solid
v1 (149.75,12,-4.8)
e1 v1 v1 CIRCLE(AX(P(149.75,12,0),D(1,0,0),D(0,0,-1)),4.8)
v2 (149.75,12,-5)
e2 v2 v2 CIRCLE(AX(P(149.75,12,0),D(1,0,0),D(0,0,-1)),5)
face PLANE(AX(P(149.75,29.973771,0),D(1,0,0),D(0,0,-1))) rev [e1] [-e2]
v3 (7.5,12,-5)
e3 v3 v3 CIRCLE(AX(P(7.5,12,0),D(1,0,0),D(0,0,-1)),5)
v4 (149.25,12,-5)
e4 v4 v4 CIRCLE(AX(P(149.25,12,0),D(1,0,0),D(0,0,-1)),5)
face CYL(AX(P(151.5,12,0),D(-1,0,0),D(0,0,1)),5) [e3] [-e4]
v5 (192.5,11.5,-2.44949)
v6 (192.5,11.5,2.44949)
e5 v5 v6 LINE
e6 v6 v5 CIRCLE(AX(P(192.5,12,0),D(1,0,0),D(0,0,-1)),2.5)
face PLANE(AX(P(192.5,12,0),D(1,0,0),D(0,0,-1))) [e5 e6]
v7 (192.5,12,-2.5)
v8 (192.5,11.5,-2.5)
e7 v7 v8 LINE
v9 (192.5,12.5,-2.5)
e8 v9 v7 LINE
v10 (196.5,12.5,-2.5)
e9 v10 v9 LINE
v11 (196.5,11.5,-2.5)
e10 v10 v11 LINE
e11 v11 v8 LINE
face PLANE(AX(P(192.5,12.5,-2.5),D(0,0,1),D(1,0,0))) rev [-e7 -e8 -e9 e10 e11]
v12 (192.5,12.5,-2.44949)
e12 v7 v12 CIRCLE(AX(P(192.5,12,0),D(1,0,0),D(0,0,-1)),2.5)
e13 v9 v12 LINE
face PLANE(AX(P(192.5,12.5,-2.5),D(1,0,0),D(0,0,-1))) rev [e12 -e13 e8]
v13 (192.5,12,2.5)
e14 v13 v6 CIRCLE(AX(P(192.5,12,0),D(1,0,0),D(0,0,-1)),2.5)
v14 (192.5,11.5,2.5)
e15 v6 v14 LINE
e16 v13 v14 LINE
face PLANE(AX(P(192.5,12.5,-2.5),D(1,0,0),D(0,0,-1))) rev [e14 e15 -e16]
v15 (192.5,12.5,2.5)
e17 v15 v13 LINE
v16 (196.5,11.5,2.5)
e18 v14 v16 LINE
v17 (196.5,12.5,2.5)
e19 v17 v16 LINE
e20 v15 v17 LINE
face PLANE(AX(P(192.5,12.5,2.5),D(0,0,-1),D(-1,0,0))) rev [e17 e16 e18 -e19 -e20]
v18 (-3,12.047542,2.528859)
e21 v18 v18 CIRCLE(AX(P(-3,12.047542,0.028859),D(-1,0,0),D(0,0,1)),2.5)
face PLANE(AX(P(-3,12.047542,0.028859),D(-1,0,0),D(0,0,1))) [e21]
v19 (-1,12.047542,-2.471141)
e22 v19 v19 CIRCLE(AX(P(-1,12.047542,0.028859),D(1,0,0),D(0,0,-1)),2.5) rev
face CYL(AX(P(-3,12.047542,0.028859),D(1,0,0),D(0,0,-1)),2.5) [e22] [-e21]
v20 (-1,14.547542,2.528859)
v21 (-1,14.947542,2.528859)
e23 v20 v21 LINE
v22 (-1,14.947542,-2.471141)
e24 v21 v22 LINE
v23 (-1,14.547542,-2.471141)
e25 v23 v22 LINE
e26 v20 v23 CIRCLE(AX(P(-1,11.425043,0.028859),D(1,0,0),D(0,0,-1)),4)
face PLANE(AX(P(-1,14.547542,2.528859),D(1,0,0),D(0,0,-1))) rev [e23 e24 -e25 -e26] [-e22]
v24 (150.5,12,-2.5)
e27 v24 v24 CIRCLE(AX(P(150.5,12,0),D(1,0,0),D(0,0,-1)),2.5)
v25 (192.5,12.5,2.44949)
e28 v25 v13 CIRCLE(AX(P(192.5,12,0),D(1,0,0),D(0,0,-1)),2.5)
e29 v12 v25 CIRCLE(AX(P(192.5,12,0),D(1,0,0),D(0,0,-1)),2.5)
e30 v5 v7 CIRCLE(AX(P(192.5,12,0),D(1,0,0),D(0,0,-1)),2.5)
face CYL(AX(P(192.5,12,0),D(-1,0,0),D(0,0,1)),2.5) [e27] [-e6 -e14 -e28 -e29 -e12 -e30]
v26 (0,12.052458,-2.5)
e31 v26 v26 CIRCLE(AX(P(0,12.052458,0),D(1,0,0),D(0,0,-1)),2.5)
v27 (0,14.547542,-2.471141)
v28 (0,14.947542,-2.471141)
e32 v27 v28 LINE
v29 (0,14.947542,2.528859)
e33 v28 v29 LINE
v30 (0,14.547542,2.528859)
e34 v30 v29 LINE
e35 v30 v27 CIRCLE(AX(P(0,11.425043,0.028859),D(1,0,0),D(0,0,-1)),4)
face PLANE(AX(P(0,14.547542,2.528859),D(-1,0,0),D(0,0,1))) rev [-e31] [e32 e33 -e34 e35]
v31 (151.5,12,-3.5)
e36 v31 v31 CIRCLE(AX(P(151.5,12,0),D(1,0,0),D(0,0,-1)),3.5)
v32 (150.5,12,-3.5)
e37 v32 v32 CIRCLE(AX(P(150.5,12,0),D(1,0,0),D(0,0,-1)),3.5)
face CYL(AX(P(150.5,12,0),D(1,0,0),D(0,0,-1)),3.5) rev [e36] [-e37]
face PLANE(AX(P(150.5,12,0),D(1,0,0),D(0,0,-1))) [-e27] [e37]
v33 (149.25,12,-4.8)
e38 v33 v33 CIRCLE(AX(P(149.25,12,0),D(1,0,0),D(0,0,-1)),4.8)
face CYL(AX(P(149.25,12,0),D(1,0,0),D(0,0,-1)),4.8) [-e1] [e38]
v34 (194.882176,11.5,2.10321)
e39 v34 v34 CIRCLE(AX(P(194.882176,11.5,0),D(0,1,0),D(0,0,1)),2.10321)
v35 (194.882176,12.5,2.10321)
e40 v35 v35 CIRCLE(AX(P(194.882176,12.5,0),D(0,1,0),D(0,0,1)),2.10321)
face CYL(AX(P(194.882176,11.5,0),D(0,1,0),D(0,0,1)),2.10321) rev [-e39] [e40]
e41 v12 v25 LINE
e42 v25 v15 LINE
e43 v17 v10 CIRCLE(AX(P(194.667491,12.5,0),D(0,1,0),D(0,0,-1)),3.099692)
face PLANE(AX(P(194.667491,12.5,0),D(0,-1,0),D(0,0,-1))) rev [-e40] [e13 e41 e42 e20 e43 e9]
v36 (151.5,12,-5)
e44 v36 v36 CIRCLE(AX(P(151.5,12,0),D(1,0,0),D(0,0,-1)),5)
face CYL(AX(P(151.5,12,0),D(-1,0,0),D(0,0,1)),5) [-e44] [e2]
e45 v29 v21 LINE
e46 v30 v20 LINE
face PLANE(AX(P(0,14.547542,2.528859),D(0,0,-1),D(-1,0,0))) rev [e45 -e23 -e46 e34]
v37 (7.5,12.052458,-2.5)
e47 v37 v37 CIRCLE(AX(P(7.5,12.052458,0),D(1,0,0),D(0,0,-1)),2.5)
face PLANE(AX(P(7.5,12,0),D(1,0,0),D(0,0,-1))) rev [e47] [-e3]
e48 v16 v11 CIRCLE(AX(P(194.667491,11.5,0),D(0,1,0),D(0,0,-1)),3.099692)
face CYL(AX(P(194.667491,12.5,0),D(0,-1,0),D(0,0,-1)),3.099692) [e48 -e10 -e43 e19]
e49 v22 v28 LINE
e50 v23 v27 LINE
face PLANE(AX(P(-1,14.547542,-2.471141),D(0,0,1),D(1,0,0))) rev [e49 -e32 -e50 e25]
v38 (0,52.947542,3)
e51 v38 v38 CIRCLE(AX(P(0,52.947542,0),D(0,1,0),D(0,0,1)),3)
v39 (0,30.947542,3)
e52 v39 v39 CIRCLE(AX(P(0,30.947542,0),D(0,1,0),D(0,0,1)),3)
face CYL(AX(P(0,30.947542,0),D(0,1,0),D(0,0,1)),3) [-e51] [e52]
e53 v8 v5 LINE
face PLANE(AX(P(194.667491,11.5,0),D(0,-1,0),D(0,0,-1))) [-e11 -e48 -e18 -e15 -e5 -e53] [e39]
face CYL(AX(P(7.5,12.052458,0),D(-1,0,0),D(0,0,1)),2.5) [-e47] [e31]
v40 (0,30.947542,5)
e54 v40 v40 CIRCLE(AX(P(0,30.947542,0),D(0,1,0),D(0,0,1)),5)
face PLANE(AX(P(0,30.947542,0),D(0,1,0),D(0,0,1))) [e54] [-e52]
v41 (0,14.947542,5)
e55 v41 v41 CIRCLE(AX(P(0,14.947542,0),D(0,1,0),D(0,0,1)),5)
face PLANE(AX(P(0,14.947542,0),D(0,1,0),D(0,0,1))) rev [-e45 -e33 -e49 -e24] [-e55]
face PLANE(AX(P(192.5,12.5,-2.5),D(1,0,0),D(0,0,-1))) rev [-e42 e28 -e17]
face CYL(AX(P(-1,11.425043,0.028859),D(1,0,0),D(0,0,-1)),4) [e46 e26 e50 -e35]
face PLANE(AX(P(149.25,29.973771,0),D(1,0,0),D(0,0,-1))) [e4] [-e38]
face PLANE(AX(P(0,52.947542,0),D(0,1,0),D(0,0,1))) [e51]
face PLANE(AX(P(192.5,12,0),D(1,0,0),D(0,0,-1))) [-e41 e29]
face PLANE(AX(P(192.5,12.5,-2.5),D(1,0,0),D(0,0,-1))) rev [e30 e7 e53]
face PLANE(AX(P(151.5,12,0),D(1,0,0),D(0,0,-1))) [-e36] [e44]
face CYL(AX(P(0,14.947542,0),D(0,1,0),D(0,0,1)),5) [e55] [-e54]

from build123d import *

# Parameters (mm, degrees)
SKETCH_2_R          = 2.5
EXTRUDE_2_DEPTH     = 7.5
SKETCH_10_R         = 3
EXTRUDE_3_DEPTH     = 15
SKETCH_11_R         = 5
EXTRUDE_4_DEPTH     = 16
SKETCH_12_W         = 1
SKETCH_12_H         = 5
EXTRUDE_6_DEPTH     = 0.4
EXTRUDE_7_DEPTH     = 1
SKETCH_14_R         = 2.5
EXTRUDE_10_DEPTH    = 2
EXTRUDE_START       = 2
SKETCH_21_R         = 3
EXTRUDE_14_DEPTH    = 2
SKETCH_25_R         = 5
EXTRUDE_16_DEPTH    = 144
SKETCH_26_R         = 3.5
CUT_EXTRUDE_3_DEPTH = 1
SKETCH_27_R         = 2.5
EXTRUDE_17_DEPTH    = 42
EXTRUDE_18_DEPTH    = 0.5
SKETCH_19_R         = 2.103210471
CUT_EXTRUDE_4_DEPTH = 0.5
EXTRUDE_START_2     = 3
SKETCH_31_R         = 3
EXTRUDE_19_DEPTH    = 3
SKETCH_32_R         = 3
EXTRUDE_20_DEPTH    = 2
SKETCH_33_OUTSIDE_W = 53.63
SKETCH_33_OUTSIDE_H = 89.578
SKETCH_33_OUTSIDE_R = 4.8
CUT_EXTRUDE_6_DEPTH = 0.25


with BuildPart() as part:
    # 草图2 → 凸台-拉伸2 (new body)
    with BuildSketch(Plane(origin=(0, 0, 0), x_dir=(0, 0, -1), z_dir=(1, 0, 0))):
        with Locations((0, 12.052457573)):
            Circle(SKETCH_2_R)
    extrude(amount=EXTRUDE_2_DEPTH)



with BuildPart() as body_2:
    # 草图10 → 凸台-拉伸3 (new body)
    with BuildSketch(Plane(origin=(0, 45.94754243, 0), x_dir=(1, 0, 0), z_dir=(0, 1, 0))):
        with Locations(Location((0, 0, 0), (0, 0, 270))):
            Circle(SKETCH_10_R)
    extrude(amount=-EXTRUDE_3_DEPTH)

    # 草图11 → 凸台-拉伸4 (add)
    with BuildSketch(Plane(origin=(0, 30.94754243, 0), x_dir=(1, 0, 0), z_dir=(0, 1, 0))):
        with Locations(Location((0, 0, 0), (0, 0, 270))):
            Circle(SKETCH_11_R)
    extrude(amount=-EXTRUDE_4_DEPTH)


with BuildPart() as part_1:
    add(part.part)

    add(body_2.part)  # 凸台-拉伸6 merges body 2
    # 草图12 → 凸台-拉伸6 (add)
    with BuildSketch(Plane.XZ.offset(-14.94754243)):
        with Locations((-0.5, 0.028858947)):
            Rectangle(SKETCH_12_W, SKETCH_12_H)
    extrude(amount=EXTRUDE_6_DEPTH)

    # 草图13 → 凸台-拉伸7 (add)
    with BuildSketch(Plane(origin=(0, 0, 0), x_dir=(0, 0, -1), z_dir=(1, 0, 0))):
        with BuildLine():
            Line((-2.528858947, 14.54754243), (2.471141053, 14.54754243))
            ThreePointArc((2.471141053, 14.54754243), (-0.028858947, 7.425043431), (-2.528858947, 14.54754243))
        make_face()
    extrude(amount=-EXTRUDE_7_DEPTH)

    # 草图14 → 凸台-拉伸10 (add)
    with BuildSketch(Plane.ZY.offset(1)):
        with Locations(Location((0.028858947, 12.04754243, 0), (0, 0, 180))):
            Circle(SKETCH_14_R)
    extrude(amount=EXTRUDE_10_DEPTH)

    # 草图21 → 凸台-拉伸14 (add)
    with BuildSketch(Plane(origin=(0, 45.94754243, 0), x_dir=(1, 0, 0), z_dir=(0, 1, 0)).offset(EXTRUDE_START)):
        with Locations(Location((0, 0, 0), (0, 0, 270))):
            Circle(SKETCH_21_R)
    extrude(amount=-EXTRUDE_14_DEPTH)

    # 草图25 → 凸台-拉伸16 (add)
    with BuildSketch(Plane(origin=(7.5, 0, 0), x_dir=(0, 0, -1), z_dir=(1, 0, 0))):
        with Locations((0, 12)):
            Circle(SKETCH_25_R)
    extrude(amount=EXTRUDE_16_DEPTH)

    # 草图26 → 切除-拉伸3 (cut)
    with BuildSketch(Plane(origin=(151.5, 0, 0), x_dir=(0, 0, -1), z_dir=(1, 0, 0))):
        with Locations((0, 12)):
            Circle(SKETCH_26_R)
    extrude(amount=-CUT_EXTRUDE_3_DEPTH, mode=Mode.SUBTRACT)

    # 草图27 → 凸台-拉伸17 (add)
    with BuildSketch(Plane(origin=(150.5, 0, 0), x_dir=(0, 0, -1), z_dir=(1, 0, 0))):
        with Locations((0, 12)):
            Circle(SKETCH_27_R)
    extrude(amount=EXTRUDE_17_DEPTH)

    # 草图30 → 凸台-拉伸18 (add, symmetric)
    with BuildSketch(Plane(origin=(0, 12, 0), x_dir=(1, 0, 0), z_dir=(0, 1, 0))):
        with BuildLine():
            Line((192.5, 2.5), (196.5, 2.5))
            ThreePointArc((196.5, 2.5), (197.767182761, 0), (196.5, -2.5))
            Line((196.5, -2.5), (192.5, -2.5))
            Line((192.5, -2.5), (192.5, 2.5))
        make_face()
    extrude(amount=EXTRUDE_18_DEPTH, both=True)

    # 草图19 → 切除-拉伸4 (cut, symmetric)
    with BuildSketch(Plane(origin=(0, 12, 0), x_dir=(1, 0, 0), z_dir=(0, 1, 0))):
        with Locations(Location((194.882176, 0, 0), (0, 0, 270))):
            Circle(SKETCH_19_R)
    extrude(amount=CUT_EXTRUDE_4_DEPTH, both=True, mode=Mode.SUBTRACT)

    # 草图31 → 凸台-拉伸19 (add)
    with BuildSketch(Plane(origin=(0, 47.94754243, 0), x_dir=(1, 0, 0), z_dir=(0, 1, 0)).offset(EXTRUDE_START_2)):
        with Locations(Location((0, 0, 0), (0, 0, 270))):
            Circle(SKETCH_31_R)
    extrude(amount=-EXTRUDE_19_DEPTH)

    # 草图32 → 凸台-拉伸20 (add)
    with BuildSketch(Plane(origin=(0, 50.94754243, 0), x_dir=(1, 0, 0), z_dir=(0, 1, 0)).offset(EXTRUDE_START)):
        with Locations(Location((0, 0, 0), (0, 0, 270))):
            Circle(SKETCH_32_R)
    extrude(amount=-EXTRUDE_20_DEPTH)

    # 草图33 outside → 切除-拉伸6 (cut, symmetric)
    with BuildSketch(Plane(origin=(149.5, 0, 0), x_dir=(0, 0, -1), z_dir=(1, 0, 0))):
        with Locations((0, 29.974)):
            Rectangle(SKETCH_33_OUTSIDE_W, SKETCH_33_OUTSIDE_H)
        with Locations((0, 12)):
            Circle(SKETCH_33_OUTSIDE_R, mode=Mode.SUBTRACT)
    extrude(amount=CUT_EXTRUDE_6_DEPTH, both=True, mode=Mode.SUBTRACT)


solid = part_1.part
